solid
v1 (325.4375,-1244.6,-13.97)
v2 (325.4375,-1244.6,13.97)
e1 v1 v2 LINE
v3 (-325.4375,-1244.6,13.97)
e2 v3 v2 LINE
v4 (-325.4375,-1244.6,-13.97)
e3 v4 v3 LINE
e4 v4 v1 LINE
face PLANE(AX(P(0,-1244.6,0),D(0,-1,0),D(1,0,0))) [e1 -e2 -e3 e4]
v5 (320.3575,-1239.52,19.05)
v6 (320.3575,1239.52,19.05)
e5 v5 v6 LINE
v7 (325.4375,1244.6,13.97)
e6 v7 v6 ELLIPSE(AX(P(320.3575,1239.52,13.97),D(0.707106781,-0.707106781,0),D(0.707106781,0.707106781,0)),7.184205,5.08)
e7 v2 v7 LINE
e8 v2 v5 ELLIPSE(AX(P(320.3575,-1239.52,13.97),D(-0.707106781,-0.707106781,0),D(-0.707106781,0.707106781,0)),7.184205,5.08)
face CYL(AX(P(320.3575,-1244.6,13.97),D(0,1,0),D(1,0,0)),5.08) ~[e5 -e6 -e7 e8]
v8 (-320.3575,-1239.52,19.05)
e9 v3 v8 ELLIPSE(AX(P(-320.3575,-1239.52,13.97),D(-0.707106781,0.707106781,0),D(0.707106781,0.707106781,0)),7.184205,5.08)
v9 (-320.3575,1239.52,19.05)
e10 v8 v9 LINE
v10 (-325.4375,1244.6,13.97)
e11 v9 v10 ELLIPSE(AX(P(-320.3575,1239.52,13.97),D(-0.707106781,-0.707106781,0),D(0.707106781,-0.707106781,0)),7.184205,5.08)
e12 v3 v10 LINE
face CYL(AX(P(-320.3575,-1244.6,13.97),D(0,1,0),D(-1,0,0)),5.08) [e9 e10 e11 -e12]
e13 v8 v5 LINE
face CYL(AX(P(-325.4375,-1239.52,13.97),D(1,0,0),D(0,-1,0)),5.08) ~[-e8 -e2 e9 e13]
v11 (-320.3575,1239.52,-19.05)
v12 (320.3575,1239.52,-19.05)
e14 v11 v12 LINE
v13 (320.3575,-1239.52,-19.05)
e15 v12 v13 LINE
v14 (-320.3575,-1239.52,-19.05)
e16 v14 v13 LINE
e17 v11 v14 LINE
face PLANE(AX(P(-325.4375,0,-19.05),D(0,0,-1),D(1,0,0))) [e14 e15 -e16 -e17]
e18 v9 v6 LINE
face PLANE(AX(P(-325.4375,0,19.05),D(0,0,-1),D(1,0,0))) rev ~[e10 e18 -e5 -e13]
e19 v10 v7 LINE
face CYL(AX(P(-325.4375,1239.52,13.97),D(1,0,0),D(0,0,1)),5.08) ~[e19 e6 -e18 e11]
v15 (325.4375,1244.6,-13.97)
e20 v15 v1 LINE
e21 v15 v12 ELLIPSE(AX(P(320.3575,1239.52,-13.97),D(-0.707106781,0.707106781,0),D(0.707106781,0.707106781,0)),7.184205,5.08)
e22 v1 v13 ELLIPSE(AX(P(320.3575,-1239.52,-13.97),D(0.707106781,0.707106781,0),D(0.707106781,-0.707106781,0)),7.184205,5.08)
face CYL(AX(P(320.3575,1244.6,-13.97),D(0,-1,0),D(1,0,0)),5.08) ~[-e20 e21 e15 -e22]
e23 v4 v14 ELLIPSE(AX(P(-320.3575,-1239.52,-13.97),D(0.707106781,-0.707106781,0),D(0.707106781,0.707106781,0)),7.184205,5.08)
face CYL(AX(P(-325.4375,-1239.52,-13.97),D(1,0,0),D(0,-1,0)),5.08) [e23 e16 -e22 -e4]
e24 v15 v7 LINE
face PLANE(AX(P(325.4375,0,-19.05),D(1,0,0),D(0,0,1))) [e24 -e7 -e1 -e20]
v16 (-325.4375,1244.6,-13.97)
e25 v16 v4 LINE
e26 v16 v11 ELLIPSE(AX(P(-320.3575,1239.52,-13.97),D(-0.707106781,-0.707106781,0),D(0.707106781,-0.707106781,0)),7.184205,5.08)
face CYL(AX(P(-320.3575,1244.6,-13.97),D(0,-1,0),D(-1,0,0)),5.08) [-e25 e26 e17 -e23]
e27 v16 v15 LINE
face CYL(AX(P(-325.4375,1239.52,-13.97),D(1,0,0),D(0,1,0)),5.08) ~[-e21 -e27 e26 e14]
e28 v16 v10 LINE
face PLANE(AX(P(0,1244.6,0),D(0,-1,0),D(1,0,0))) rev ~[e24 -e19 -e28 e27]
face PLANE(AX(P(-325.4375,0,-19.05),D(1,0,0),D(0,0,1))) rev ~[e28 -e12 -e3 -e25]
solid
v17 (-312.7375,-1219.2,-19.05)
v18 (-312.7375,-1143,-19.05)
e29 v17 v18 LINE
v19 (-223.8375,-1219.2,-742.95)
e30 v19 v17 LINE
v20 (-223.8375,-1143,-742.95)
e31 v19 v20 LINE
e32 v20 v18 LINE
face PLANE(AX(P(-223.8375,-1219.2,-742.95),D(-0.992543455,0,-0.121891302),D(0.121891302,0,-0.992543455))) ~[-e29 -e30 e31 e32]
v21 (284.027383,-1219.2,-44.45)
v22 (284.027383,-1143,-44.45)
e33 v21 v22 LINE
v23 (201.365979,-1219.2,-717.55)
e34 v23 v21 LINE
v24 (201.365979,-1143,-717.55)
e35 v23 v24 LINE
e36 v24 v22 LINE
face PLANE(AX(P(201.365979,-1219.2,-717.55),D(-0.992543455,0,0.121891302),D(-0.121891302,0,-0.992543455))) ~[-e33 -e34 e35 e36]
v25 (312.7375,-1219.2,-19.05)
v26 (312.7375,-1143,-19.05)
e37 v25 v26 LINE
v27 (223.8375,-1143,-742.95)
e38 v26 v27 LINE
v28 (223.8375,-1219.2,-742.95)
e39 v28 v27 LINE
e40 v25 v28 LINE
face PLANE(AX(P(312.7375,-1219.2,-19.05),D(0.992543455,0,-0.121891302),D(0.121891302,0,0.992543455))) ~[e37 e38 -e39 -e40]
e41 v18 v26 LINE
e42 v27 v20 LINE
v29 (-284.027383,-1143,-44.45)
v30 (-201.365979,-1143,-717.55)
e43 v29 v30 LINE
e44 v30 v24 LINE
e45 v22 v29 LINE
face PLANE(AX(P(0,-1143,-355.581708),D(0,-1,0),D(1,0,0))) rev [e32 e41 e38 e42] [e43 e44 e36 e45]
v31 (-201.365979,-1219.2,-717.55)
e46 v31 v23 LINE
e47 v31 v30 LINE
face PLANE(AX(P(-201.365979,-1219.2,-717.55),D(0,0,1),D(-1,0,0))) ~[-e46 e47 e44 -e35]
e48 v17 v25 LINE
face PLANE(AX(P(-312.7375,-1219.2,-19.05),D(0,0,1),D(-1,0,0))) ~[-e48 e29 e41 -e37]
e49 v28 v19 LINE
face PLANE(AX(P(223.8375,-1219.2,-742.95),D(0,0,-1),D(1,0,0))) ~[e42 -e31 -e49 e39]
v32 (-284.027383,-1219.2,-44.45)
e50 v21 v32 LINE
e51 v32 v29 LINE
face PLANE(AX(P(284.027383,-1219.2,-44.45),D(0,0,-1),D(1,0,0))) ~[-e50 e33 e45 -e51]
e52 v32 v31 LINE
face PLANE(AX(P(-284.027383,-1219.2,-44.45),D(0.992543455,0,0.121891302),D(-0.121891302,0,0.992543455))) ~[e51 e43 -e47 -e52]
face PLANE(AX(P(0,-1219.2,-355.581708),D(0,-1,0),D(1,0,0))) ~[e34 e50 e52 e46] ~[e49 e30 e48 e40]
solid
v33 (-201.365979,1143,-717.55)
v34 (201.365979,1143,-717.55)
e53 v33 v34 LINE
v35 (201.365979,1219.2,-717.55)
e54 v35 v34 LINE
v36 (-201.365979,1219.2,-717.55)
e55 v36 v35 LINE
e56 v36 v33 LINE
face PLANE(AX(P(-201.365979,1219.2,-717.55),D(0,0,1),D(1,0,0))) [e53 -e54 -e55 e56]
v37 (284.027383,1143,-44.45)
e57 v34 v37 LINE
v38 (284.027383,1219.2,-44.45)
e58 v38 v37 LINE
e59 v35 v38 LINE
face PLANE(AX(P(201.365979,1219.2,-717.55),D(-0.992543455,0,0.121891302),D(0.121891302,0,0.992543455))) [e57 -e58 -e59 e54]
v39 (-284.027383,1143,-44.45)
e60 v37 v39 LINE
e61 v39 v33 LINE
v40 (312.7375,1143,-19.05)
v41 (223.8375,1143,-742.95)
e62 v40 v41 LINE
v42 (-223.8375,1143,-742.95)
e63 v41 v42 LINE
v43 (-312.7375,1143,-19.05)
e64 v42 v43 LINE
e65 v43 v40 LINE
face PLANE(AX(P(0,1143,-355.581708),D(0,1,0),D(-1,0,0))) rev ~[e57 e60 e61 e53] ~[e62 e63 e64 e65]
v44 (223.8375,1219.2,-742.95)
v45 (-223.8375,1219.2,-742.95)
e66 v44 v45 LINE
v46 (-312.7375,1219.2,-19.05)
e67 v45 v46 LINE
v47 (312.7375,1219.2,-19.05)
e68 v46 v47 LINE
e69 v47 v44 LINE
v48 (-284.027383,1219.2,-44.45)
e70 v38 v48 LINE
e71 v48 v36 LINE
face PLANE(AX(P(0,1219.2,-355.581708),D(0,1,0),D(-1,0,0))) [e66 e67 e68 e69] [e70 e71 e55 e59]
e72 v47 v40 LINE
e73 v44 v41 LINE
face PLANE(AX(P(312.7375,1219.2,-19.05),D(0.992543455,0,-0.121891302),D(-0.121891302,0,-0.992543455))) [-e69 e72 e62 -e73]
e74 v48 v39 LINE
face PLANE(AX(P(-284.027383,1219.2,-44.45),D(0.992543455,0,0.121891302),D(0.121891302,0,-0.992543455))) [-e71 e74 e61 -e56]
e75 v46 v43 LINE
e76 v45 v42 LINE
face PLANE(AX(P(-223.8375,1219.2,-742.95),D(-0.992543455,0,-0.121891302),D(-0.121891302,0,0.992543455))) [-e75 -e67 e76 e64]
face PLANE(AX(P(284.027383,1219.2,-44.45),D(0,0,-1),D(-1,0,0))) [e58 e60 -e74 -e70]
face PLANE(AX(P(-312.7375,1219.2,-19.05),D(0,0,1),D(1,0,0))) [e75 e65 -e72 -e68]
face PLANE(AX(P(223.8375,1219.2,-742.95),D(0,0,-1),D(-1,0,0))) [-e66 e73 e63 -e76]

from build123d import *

# Parameters (mm, degrees)
F0_W     = 650.875
F0_H     = 38.1
F1_DEPTH = 1244.6
F2_R     = 5.08
F5_DEPTH = 76.2


with BuildPart() as f1:
    # F0 (on Front) → F1 (new body, symmetric)
    with BuildSketch(Plane.XZ):
        Rectangle(F0_W, F0_H)
    extrude(amount=F1_DEPTH, both=True)

    # F2
    f2_edges = [f1.edges().sort_by_distance(p)[0] for p in [
        (325.4375, 0, 19.05),
        (0, 1244.6, 19.05),
        (-325.4375, 0, 19.05),
        (0, -1244.6, 19.05),
        (0, 1244.6, -19.05),
        (325.4375, 0, -19.05),
        (0, -1244.6, -19.05),
        (-325.4375, 0, -19.05),
    ]]
    fillet(f2_edges, radius=F2_R)


with BuildPart() as f5:
    # F4 (on offset) → F5 (new body)
    with BuildSketch(Plane(origin=(0, 1219.2, 0), x_dir=(-1, 0, 0), z_dir=(0, 1, 0))):
        Polygon((312.7375, -19.05), (0, -19.05), (-312.7375, -19.05), (-223.8375, -742.95), (0, -742.95), (223.8375, -742.95), align=None)
        Polygon((-284.0273826674, -44.45), (0, -44.45), (284.0273826674, -44.45), (201.3659791586, -717.55), (0, -717.55), (-201.3659791586, -717.55), align=None, mode=Mode.SUBTRACT)
    extrude(amount=-F5_DEPTH)


with BuildPart() as f6_1:
    # F6: instance of F5
    add(f5.part.mirror(Plane.XZ))


solid = Compound([f1.part, f5.part, f6_1.part])
